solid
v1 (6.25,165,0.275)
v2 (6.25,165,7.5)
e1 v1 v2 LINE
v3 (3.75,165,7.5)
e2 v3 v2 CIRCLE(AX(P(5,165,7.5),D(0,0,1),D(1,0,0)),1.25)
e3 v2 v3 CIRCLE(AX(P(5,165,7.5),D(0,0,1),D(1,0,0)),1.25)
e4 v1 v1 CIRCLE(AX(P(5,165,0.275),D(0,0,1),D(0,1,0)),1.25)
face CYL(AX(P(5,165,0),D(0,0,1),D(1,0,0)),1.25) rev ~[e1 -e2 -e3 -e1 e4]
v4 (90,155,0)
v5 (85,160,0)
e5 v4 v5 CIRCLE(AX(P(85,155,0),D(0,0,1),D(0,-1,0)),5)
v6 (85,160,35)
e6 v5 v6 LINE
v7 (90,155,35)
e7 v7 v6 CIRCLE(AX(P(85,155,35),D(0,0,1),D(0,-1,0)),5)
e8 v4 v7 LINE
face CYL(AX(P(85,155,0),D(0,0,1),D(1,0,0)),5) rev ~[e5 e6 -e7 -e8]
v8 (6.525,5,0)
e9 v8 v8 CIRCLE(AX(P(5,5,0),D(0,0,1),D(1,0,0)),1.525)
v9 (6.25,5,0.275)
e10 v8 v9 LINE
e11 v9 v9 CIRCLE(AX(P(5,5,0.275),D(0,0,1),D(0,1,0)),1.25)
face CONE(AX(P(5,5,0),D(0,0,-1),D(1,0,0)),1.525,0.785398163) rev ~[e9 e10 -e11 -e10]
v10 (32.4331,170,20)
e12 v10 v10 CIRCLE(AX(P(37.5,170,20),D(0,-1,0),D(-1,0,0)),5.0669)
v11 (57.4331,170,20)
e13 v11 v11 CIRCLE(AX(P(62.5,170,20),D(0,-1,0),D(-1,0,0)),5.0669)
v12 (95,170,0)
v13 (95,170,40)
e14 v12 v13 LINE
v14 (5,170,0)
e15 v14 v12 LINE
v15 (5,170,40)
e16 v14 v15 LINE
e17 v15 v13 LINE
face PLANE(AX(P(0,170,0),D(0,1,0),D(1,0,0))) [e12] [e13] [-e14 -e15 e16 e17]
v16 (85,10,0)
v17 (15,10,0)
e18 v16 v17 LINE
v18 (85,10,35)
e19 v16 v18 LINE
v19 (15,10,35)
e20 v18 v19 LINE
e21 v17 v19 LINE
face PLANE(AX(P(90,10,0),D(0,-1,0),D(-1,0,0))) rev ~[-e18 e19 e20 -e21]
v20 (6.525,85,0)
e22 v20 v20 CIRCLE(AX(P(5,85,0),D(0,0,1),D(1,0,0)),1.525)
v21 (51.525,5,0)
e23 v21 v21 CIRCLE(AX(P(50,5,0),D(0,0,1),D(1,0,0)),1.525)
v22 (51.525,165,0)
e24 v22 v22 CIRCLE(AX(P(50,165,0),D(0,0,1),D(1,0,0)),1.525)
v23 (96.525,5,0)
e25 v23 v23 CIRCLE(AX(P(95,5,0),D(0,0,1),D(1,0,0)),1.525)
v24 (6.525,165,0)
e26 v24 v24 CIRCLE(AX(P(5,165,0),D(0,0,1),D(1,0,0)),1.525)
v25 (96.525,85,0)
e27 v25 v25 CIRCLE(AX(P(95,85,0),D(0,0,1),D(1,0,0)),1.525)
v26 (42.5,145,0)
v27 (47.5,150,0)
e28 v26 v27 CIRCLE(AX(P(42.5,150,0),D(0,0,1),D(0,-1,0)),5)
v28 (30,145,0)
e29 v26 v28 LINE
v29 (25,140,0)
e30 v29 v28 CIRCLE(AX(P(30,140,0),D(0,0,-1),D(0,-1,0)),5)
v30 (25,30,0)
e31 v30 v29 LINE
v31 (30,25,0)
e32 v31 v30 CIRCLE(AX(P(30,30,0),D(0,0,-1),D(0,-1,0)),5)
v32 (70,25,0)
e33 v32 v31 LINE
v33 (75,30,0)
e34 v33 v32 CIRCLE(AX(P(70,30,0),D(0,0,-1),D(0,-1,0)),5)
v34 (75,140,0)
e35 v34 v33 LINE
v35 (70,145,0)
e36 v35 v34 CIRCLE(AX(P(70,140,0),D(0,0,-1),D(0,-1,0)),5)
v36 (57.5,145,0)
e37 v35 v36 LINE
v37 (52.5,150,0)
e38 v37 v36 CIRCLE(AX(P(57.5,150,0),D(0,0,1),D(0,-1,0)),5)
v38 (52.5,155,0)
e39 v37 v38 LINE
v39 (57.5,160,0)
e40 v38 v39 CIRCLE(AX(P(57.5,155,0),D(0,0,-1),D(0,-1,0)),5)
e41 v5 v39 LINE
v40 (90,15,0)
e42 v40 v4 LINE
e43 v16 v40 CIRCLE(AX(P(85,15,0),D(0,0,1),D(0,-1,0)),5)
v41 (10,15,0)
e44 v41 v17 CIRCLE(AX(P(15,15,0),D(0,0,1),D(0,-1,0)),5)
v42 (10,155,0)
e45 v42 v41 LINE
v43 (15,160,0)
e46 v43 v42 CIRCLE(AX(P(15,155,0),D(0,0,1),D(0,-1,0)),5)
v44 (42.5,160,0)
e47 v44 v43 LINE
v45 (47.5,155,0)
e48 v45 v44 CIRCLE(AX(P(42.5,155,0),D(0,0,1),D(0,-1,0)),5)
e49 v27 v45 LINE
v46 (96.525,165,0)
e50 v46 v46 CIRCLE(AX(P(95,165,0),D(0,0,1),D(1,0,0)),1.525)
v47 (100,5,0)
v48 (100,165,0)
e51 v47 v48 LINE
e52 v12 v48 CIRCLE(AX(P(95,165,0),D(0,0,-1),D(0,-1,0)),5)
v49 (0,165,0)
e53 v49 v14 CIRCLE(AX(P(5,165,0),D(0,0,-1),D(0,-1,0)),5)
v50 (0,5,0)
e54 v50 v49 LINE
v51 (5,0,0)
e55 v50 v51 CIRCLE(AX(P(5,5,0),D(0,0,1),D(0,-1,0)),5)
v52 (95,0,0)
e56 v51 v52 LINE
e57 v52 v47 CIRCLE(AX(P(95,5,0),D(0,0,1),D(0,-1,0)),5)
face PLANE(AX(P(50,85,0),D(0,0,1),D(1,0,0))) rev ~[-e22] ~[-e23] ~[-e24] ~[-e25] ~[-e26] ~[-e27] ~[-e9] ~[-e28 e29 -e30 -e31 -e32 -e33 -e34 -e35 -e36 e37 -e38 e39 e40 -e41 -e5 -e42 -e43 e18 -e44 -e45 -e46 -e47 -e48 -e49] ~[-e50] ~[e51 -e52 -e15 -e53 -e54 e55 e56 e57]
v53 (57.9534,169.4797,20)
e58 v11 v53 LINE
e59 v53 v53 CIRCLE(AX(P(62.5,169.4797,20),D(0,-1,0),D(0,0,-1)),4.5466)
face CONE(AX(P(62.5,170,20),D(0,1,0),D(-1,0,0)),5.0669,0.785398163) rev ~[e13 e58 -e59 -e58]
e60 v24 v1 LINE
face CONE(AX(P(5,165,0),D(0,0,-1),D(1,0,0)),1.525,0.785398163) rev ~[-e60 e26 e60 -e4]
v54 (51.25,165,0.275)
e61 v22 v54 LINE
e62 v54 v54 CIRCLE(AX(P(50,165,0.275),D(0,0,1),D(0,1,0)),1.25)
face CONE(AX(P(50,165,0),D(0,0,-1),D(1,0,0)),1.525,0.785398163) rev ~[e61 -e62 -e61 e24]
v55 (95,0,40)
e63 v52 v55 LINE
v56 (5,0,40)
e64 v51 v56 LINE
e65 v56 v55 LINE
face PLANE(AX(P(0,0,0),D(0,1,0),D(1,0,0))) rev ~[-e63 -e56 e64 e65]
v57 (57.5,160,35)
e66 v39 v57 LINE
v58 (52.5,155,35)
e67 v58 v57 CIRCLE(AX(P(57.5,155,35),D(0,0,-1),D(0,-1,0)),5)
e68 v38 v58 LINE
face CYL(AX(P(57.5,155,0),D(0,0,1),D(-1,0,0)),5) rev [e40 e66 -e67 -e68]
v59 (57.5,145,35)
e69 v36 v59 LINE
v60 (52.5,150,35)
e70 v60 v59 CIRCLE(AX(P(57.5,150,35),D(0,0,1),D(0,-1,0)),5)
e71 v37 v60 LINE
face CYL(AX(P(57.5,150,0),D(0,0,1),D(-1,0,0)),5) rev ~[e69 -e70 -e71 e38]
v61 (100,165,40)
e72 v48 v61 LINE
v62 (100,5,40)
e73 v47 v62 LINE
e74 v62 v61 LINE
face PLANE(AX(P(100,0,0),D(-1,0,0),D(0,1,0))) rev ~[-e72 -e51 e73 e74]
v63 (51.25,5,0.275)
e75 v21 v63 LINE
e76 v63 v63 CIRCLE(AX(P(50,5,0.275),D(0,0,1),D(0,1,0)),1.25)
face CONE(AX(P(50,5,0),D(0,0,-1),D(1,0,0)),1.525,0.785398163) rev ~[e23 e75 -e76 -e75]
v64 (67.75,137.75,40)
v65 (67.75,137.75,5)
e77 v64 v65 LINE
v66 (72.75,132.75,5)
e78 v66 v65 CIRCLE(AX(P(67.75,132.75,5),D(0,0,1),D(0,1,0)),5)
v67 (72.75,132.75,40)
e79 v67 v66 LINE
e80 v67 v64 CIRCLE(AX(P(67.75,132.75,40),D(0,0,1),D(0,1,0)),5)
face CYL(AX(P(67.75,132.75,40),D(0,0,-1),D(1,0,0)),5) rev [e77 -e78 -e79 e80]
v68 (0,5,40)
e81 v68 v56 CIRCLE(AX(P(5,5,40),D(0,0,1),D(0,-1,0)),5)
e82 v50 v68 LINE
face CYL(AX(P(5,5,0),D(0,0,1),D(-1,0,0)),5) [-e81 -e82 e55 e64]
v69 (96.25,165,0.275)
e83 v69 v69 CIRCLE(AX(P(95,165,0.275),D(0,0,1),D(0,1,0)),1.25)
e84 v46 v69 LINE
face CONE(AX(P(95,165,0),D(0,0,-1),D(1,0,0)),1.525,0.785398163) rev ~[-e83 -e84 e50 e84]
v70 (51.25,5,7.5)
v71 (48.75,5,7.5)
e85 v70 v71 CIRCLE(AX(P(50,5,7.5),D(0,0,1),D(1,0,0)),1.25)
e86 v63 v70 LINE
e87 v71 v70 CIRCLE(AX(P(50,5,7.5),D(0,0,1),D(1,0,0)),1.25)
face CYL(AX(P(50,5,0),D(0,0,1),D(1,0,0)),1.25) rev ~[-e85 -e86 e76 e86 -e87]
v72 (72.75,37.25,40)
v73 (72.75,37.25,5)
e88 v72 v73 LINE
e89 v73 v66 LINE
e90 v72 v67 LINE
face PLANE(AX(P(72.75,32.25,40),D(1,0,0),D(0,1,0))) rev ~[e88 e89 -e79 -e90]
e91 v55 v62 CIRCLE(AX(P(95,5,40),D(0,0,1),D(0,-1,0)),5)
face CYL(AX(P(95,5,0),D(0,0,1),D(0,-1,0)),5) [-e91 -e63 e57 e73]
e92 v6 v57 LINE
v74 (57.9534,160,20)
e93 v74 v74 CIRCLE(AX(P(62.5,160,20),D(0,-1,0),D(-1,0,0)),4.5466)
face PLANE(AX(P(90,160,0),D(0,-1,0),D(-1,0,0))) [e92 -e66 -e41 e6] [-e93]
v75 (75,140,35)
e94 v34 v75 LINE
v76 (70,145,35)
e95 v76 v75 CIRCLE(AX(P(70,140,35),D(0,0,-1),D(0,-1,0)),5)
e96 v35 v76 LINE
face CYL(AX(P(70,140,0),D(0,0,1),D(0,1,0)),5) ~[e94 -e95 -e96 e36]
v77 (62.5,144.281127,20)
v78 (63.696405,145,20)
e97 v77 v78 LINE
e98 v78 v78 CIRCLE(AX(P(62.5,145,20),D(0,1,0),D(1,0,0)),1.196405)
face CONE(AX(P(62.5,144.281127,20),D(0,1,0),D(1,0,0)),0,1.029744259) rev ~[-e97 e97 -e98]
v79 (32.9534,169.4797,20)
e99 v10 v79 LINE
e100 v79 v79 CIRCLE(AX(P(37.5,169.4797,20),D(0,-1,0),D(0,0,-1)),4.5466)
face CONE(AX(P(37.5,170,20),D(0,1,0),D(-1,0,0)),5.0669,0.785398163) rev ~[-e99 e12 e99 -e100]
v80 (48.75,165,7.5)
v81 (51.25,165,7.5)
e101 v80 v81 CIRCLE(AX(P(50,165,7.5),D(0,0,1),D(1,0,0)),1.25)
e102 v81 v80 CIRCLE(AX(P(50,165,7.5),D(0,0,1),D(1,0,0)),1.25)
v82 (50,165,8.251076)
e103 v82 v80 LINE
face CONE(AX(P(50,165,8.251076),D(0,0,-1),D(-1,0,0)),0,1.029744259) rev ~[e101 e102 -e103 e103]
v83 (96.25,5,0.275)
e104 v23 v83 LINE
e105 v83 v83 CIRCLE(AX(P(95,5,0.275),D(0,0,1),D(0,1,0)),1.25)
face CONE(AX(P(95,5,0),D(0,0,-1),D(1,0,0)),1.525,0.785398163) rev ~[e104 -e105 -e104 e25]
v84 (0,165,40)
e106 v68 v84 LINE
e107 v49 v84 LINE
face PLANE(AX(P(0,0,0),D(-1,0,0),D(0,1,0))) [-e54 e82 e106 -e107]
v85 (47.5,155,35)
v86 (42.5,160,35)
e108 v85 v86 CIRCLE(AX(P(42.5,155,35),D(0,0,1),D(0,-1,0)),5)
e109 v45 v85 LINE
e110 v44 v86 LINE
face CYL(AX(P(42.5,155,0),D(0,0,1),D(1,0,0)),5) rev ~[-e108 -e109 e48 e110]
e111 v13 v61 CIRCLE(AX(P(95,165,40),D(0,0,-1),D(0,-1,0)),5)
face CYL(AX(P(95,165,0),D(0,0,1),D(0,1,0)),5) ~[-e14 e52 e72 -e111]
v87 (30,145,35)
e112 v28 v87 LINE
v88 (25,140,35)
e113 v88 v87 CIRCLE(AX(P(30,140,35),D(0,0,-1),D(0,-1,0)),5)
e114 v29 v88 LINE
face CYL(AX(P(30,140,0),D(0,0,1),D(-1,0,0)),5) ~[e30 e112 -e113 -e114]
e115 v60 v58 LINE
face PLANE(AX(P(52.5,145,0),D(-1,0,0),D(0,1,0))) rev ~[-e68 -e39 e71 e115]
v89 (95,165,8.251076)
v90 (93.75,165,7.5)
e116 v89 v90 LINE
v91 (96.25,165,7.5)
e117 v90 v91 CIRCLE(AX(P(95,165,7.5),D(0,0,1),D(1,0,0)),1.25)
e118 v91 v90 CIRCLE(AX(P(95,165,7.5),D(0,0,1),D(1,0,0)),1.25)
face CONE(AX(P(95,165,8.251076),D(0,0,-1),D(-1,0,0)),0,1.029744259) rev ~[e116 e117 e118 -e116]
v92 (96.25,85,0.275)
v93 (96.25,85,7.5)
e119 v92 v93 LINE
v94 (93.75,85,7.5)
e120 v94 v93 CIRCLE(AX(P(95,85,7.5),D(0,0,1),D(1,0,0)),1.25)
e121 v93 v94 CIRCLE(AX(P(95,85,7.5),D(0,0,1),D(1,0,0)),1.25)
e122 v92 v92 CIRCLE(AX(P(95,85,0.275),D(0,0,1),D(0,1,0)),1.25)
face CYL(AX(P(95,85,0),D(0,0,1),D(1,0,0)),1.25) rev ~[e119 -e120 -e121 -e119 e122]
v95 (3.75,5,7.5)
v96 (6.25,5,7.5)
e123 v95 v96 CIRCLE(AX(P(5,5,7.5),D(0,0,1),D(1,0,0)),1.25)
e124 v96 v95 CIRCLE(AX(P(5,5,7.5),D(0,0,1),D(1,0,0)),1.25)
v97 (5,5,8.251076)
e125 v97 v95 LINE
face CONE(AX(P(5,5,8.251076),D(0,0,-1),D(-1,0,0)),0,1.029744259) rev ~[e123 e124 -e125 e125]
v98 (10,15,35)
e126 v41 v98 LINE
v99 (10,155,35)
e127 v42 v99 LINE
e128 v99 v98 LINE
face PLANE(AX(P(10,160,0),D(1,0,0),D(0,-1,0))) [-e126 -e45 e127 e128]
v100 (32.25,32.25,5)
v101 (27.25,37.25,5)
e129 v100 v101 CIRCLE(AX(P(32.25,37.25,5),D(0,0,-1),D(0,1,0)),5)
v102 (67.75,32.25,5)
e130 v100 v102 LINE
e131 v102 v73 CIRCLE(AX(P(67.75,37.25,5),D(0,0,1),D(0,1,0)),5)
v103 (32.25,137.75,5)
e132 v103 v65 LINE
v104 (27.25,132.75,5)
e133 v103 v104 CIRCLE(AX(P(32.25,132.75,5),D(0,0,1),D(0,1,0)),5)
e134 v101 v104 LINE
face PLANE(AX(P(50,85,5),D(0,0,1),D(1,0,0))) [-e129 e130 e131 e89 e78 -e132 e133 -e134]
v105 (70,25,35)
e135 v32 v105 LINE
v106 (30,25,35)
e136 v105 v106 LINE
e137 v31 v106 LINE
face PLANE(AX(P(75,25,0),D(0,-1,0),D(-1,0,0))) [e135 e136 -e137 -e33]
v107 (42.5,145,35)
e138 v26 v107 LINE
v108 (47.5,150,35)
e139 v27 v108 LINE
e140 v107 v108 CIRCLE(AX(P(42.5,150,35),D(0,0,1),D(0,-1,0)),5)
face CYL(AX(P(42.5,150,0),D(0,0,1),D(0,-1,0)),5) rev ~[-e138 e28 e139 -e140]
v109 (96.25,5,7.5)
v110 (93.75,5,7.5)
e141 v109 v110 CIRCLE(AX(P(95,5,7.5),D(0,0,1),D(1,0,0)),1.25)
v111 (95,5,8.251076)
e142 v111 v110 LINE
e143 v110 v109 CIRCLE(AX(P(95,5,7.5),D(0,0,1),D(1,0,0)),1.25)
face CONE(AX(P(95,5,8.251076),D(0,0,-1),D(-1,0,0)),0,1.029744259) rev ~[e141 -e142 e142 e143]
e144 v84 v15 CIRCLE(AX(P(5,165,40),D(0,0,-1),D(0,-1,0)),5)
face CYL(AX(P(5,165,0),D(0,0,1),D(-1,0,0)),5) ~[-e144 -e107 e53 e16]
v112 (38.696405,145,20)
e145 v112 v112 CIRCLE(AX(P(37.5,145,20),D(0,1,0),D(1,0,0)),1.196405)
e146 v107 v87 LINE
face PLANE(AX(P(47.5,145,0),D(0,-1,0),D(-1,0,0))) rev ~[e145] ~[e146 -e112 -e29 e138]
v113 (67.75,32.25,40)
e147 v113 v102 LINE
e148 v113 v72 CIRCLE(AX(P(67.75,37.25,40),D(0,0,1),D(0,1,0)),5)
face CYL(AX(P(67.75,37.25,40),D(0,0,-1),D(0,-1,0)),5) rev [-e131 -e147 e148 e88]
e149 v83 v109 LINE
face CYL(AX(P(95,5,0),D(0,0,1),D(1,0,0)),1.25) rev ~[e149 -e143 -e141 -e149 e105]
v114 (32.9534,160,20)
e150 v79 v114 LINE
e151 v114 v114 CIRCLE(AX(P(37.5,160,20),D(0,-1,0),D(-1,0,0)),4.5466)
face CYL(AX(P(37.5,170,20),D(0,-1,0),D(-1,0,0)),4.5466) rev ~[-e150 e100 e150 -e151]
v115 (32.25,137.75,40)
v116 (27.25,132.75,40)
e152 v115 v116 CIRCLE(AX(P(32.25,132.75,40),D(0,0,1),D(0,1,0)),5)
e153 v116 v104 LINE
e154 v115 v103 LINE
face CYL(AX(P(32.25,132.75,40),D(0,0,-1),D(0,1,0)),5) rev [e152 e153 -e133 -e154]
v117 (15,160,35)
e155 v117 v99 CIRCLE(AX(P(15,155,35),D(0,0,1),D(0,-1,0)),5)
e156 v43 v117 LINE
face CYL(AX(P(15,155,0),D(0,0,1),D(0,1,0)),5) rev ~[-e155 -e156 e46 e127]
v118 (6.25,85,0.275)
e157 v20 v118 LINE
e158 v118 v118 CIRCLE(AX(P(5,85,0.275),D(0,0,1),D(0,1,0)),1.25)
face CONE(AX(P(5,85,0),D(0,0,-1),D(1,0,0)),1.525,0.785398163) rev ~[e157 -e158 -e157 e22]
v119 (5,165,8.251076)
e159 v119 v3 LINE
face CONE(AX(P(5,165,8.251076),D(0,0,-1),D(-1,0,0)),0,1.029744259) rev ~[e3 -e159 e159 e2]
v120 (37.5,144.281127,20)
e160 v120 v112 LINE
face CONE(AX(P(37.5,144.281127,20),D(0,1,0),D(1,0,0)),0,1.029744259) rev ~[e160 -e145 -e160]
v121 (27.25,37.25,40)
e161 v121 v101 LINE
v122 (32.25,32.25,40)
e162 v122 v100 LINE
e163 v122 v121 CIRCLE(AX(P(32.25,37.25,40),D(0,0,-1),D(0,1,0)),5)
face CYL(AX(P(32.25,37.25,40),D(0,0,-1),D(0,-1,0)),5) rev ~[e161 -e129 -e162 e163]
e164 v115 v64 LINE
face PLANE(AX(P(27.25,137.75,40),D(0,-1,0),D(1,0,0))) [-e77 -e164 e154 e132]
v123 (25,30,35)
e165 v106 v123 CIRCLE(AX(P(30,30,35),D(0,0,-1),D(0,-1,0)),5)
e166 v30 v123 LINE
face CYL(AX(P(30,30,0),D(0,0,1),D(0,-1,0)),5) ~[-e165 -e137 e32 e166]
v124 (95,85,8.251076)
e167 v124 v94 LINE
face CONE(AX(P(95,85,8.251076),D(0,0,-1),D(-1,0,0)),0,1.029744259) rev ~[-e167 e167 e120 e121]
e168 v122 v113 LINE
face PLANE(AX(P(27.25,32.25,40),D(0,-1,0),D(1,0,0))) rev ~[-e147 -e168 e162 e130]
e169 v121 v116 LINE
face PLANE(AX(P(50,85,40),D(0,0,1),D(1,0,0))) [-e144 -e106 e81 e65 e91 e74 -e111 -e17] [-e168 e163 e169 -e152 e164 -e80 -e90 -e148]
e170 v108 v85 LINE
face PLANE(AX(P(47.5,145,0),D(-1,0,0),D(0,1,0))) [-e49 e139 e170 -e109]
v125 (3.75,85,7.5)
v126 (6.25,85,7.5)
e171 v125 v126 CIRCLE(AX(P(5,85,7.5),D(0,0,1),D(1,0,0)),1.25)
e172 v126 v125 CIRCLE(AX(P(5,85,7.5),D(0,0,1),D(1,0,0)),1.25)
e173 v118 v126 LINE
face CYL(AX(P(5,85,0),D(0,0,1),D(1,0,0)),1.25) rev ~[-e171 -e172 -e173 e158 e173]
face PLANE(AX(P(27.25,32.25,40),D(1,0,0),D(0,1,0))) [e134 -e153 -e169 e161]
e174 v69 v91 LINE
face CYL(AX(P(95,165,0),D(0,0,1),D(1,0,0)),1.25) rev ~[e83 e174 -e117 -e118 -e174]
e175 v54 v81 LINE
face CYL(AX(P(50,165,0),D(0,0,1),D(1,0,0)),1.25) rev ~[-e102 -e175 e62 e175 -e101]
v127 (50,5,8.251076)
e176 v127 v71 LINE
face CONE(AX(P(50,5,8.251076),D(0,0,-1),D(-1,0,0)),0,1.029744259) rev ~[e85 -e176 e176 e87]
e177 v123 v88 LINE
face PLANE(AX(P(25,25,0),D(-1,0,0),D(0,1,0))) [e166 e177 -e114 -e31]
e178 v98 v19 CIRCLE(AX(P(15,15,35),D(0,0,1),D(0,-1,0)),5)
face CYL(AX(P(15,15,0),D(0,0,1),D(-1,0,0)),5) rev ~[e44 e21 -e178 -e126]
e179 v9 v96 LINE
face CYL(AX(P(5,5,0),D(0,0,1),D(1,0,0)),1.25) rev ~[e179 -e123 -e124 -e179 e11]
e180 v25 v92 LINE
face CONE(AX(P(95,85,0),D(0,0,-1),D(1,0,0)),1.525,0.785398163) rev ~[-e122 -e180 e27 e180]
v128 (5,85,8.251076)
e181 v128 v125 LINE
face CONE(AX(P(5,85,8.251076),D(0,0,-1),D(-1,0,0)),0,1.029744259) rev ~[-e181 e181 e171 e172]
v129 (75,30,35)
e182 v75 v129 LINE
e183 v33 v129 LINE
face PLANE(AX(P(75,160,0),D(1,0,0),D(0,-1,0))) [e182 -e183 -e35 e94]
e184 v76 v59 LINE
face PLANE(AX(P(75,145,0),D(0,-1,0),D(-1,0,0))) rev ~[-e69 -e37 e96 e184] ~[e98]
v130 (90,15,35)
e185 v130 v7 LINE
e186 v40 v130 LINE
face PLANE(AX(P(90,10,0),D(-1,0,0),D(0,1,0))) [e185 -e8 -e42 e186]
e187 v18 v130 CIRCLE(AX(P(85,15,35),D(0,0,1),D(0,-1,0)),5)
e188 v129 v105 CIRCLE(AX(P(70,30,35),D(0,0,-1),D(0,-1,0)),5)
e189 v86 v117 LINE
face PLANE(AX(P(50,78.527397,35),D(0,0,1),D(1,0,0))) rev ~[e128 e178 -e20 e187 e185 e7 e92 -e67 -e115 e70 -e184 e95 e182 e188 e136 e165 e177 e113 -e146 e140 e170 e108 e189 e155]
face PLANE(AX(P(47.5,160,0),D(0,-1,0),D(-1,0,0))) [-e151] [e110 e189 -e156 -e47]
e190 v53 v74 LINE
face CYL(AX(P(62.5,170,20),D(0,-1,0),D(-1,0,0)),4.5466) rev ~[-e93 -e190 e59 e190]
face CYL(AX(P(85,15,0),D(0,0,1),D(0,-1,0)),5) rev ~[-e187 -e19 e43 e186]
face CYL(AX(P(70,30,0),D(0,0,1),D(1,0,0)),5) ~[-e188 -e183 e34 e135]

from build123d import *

# Parameters (mm, degrees)
SKETCH1_W                              = 100
SKETCH1_H                              = 170
BOSS_EXTRUDE1_DEPTH                    = 40
F_1_8_27_NPSM_TAPPED_HOLE1_D           = 9.0932
F_1_8_27_NPSM_TAPPED_HOLE1_DEPTH       = 22.987
F_1_8_27_NPSM_TAPPED_HOLE1_CSINK_D     = 10.1338
F_1_8_27_NPSM_TAPPED_HOLE1_CSINK_ANGLE = 90
F_1_8_27_NPSM_TAPPED_HOLE1_TIP         = 2.73187289
SKETCH11_W                             = 45.5
SKETCH11_H                             = 105.5
CUT_EXTRUDE3_DEPTH                     = 35
CUT_EXTRUDE4_DEPTH                     = 35
SKETCH13_W                             = 22.5
SKETCH13_H                             = 15
CUT_EXTRUDE5_DEPTH                     = 35
FILLET1_R                              = 5
FILLET2_R                              = 5
M3X0_5_TAPPED_HOLE1_D                  = 2.5
M3X0_5_TAPPED_HOLE1_DEPTH              = 7.5
M3X0_5_TAPPED_HOLE1_CSINK_D            = 3.05
M3X0_5_TAPPED_HOLE1_CSINK_ANGLE        = 90
M3X0_5_TAPPED_HOLE1_TIP                = 0.751075774
FILLET3_R                              = 5


with BuildPart() as part:
    # Sketch1 → Boss-Extrude1 (new body)
    with BuildSketch(Plane.XY):
        with Locations((50, 85)):
            Rectangle(SKETCH1_W, SKETCH1_H)
    extrude(amount=BOSS_EXTRUDE1_DEPTH)

    # 1/8-27 NPSM Tapped Hole1
    with Locations(Plane(origin=(0, 170, 0), x_dir=(1, 0, 0), z_dir=(0, 1, 0))):
        with Locations((37.5, -20), (62.5, -20)):
            CounterSinkHole(F_1_8_27_NPSM_TAPPED_HOLE1_D / 2, F_1_8_27_NPSM_TAPPED_HOLE1_CSINK_D / 2, depth=F_1_8_27_NPSM_TAPPED_HOLE1_DEPTH, counter_sink_angle=F_1_8_27_NPSM_TAPPED_HOLE1_CSINK_ANGLE)
            with Locations((0, 0, -(F_1_8_27_NPSM_TAPPED_HOLE1_DEPTH + F_1_8_27_NPSM_TAPPED_HOLE1_TIP / 2))):  # 118° drill point
                Cone(0, F_1_8_27_NPSM_TAPPED_HOLE1_D / 2, F_1_8_27_NPSM_TAPPED_HOLE1_TIP, mode=Mode.SUBTRACT)

    # Sketch11 → Cut-Extrude3 (cut)
    with BuildSketch(Plane.XY.offset(40)):
        with Locations((50, 85)):
            Rectangle(SKETCH11_W, SKETCH11_H)
    extrude(amount=-CUT_EXTRUDE3_DEPTH, mode=Mode.SUBTRACT)

    # Sketch12 → Cut-Extrude4 (cut)
    with BuildSketch(Plane(origin=(0, 0, 0), x_dir=(-1, 0, 0), z_dir=(0, 0, -1))):
        Polygon((-90, 160), (-75, 160), (-75, 25), (-25, 25), (-25, 160), (-10, 160), (-10, 10), (-25, 10), (-75, 10), (-90, 10), align=None)
    extrude(amount=-CUT_EXTRUDE4_DEPTH, mode=Mode.SUBTRACT)

    # Sketch13 → Cut-Extrude5 (cut)
    with BuildSketch(Plane(origin=(0, 0, 0), x_dir=(-1, 0, 0), z_dir=(0, 0, -1))):
        with Locations((-63.75, 152.5)):
            Rectangle(SKETCH13_W, SKETCH13_H)
        with Locations((-36.25, 152.5)):
            Rectangle(SKETCH13_W, SKETCH13_H)
    extrude(amount=-CUT_EXTRUDE5_DEPTH, mode=Mode.SUBTRACT)

    # Fillet1
    fillet1_edges = [part.edges().sort_by_distance(p)[0] for p in [
        (90, 10, 17.5),
        (90, 160, 17.5),
        (75, 25, 17.5),
        (25, 25, 17.5),
        (10, 160, 17.5),
        (10, 10, 17.5),
        (52.5, 145, 17.5),
        (75, 145, 17.5),
        (52.5, 160, 17.5),
        (25, 145, 17.5),
        (47.5, 160, 17.5),
        (47.5, 145, 17.5),
    ]]
    fillet(fillet1_edges, radius=FILLET1_R)

    # Fillet2
    fillet2_edges = [part.edges().sort_by_distance(p)[0] for p in [
        (27.25, 32.25, 22.5),
        (27.25, 137.75, 22.5),
        (72.75, 137.75, 22.5),
        (72.75, 32.25, 22.5),
    ]]
    fillet(fillet2_edges, radius=FILLET2_R)

    # M3x0.5 Tapped Hole1
    with Locations(Plane(origin=(0, 0, 0), x_dir=(-1, 0, 0), z_dir=(0, 0, -1))):
        with Locations((-95, 165), (-50, 165), (-5, 165), (-5, 85), (-5, 5), (-50, 5), (-95, 5), (-95, 85)):
            CounterSinkHole(M3X0_5_TAPPED_HOLE1_D / 2, M3X0_5_TAPPED_HOLE1_CSINK_D / 2, depth=M3X0_5_TAPPED_HOLE1_DEPTH, counter_sink_angle=M3X0_5_TAPPED_HOLE1_CSINK_ANGLE)
            with Locations((0, 0, -(M3X0_5_TAPPED_HOLE1_DEPTH + M3X0_5_TAPPED_HOLE1_TIP / 2))):  # 118° drill point
                Cone(0, M3X0_5_TAPPED_HOLE1_D / 2, M3X0_5_TAPPED_HOLE1_TIP, mode=Mode.SUBTRACT)

    # Fillet3
    fillet3_edges = [part.edges().sort_by_distance(p)[0] for p in [
        (0, 170, 20),
        (100, 170, 20),
        (100, 0, 20),
        (0, 0, 20),
    ]]
    fillet(fillet3_edges, radius=FILLET3_R)


solid = part.part
